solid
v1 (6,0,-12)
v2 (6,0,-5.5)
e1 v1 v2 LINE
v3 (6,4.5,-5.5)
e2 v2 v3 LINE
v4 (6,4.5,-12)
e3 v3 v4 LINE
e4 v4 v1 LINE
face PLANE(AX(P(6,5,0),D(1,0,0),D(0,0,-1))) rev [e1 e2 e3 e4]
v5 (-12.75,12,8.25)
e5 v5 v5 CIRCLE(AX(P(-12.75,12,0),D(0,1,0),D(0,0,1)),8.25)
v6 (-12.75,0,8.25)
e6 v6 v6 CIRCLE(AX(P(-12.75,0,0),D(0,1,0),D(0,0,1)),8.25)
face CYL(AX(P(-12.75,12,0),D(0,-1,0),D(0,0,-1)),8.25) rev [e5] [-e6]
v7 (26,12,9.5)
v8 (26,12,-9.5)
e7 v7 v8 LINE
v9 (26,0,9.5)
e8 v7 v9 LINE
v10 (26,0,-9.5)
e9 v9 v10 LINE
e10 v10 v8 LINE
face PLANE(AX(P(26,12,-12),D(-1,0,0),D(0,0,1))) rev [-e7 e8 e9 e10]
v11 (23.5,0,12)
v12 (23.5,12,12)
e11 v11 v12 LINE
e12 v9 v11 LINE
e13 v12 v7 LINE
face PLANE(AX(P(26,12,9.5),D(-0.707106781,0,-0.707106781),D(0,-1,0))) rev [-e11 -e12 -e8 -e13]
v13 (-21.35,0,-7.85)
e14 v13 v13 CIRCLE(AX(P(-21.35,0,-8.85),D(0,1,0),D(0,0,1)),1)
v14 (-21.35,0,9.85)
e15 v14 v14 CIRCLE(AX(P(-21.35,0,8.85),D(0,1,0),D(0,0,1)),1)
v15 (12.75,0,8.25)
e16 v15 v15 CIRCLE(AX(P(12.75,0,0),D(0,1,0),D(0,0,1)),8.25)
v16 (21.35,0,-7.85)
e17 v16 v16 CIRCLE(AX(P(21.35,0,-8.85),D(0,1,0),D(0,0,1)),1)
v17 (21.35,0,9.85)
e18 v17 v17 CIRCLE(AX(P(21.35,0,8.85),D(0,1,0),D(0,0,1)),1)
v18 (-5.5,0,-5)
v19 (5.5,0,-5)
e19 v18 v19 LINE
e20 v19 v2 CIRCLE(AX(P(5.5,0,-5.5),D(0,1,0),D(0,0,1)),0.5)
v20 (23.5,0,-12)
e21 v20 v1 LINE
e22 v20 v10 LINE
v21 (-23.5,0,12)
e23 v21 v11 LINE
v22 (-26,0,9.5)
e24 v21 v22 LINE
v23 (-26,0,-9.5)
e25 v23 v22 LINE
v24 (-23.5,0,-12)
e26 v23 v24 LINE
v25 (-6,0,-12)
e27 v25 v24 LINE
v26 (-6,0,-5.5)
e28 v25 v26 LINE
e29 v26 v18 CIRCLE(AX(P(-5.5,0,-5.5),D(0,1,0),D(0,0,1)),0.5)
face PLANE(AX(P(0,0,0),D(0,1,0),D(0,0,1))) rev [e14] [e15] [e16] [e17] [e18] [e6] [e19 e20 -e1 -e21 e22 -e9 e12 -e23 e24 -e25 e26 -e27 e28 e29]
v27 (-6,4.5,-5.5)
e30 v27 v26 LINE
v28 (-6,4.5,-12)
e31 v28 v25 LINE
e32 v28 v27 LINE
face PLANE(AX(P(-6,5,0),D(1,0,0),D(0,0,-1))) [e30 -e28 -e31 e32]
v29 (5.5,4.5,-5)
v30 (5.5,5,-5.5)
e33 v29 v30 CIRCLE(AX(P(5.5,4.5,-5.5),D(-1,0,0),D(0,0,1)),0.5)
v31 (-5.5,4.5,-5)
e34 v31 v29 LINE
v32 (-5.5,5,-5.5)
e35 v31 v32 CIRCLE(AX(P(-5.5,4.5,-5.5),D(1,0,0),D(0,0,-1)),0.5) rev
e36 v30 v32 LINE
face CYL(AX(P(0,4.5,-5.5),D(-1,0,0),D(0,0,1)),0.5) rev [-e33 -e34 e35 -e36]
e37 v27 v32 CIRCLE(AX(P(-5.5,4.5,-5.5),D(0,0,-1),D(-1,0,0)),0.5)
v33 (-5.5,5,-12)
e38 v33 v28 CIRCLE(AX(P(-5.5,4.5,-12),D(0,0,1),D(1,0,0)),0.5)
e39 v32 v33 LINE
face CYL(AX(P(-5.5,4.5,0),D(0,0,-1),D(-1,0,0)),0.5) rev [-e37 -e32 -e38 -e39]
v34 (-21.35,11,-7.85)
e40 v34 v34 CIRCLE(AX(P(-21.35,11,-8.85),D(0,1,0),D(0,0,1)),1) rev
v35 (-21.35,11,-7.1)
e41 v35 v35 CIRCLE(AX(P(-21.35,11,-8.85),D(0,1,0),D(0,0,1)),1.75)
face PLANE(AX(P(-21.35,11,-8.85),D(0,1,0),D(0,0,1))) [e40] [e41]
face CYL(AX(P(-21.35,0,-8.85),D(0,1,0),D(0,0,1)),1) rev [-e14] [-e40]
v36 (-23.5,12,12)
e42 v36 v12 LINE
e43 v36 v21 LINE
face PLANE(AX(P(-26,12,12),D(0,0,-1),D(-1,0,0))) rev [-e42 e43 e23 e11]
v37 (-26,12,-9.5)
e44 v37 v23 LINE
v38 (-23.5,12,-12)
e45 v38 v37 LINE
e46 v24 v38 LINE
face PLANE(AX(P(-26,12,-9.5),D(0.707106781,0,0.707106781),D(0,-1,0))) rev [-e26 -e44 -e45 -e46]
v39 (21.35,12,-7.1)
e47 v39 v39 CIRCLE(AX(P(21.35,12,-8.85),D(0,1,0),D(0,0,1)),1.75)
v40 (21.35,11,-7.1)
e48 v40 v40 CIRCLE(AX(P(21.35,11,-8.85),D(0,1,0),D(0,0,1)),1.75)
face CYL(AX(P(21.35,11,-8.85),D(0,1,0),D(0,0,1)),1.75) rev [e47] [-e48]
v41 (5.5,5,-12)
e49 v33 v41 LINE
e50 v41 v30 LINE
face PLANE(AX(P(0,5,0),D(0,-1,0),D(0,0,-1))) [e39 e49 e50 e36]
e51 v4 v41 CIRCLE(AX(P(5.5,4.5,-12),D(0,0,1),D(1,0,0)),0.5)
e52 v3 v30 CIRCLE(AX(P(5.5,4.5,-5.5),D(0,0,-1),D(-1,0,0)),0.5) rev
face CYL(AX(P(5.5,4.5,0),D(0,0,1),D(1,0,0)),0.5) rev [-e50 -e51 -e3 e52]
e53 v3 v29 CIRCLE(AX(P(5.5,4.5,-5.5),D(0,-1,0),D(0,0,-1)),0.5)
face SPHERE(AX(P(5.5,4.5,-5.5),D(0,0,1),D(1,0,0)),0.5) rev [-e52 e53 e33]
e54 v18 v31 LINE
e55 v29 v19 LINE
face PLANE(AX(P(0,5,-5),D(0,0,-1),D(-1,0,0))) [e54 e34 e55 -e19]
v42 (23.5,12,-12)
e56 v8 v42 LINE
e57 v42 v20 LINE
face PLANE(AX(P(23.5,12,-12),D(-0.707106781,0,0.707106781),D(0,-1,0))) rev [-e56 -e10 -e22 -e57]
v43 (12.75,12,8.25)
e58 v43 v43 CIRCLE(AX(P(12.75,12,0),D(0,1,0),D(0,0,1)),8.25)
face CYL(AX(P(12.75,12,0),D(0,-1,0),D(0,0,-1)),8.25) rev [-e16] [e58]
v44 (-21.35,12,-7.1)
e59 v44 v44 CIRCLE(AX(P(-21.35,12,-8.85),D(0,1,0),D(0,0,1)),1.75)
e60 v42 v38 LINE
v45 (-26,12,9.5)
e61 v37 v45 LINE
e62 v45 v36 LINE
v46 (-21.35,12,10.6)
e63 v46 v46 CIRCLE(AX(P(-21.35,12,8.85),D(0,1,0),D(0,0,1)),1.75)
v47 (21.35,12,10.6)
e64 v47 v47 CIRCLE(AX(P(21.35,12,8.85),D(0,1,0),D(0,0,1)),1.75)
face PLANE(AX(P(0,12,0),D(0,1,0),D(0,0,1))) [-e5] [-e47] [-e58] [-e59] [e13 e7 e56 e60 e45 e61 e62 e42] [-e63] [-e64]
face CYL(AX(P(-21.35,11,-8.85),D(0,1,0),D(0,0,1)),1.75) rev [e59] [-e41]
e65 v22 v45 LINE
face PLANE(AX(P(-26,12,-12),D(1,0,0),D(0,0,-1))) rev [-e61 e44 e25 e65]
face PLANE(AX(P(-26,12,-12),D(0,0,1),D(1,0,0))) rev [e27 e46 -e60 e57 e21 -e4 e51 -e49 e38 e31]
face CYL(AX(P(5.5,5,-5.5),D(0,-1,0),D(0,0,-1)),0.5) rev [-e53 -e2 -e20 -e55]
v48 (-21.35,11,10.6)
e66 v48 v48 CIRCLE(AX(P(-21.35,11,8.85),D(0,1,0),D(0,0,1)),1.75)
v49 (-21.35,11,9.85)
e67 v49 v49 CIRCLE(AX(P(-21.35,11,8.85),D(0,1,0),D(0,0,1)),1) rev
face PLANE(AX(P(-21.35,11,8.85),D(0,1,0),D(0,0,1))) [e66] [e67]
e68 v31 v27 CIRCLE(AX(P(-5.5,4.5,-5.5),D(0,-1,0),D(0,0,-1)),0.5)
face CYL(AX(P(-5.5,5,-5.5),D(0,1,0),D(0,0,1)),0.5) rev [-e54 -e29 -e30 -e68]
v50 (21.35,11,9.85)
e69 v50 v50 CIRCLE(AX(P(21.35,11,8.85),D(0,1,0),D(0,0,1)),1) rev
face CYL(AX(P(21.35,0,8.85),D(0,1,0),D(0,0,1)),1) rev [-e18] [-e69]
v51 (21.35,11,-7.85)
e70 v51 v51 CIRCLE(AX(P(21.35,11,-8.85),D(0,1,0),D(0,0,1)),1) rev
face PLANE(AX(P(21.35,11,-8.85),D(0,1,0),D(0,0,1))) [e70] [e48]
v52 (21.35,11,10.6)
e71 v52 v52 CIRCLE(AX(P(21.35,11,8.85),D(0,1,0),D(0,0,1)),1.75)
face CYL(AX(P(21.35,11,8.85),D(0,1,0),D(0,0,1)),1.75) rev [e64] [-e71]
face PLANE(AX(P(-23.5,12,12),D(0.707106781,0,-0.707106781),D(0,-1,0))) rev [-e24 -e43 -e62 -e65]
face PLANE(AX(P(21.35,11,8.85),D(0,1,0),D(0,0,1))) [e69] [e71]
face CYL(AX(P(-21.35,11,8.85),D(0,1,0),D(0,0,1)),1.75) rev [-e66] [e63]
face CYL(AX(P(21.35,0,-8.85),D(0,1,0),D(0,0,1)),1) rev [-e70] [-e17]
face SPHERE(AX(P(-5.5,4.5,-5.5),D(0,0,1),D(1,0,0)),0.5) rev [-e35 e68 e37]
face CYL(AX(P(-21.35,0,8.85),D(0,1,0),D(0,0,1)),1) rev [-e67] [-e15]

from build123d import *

# Parameters (mm, degrees)
SKETCH1_W           = 52
SKETCH1_H           = 24
SKETCH1_R           = 8.25
BOSS_EXTRUDE1_DEPTH = 12
SKETCH2_R           = 1
CUT_EXTRUDE1_DEPTH  = 32.048349393
SKETCH3_R           = 1.75
CUT_EXTRUDE2_DEPTH  = 1
CUT_EXTRUDE3_DEPTH  = 5
FILLET3_R           = 0.5
CHAMFER1_SIZE       = 2.5


with BuildPart() as part:
    # Sketch1 → Boss-Extrude1 (new body)
    with BuildSketch(Plane(origin=(0, 0, 0), x_dir=(1, 0, 0), z_dir=(0, 1, 0))):
        Rectangle(SKETCH1_W, SKETCH1_H)
        with Locations(Location((12.75, 0, 0), (0, 0, 270))):
            Circle(SKETCH1_R, mode=Mode.SUBTRACT)
        with Locations(Location((-12.75, 0, 0), (0, 0, 270))):
            Circle(SKETCH1_R, mode=Mode.SUBTRACT)
    extrude(amount=BOSS_EXTRUDE1_DEPTH)

    # Sketch2 → Cut-Extrude1 (cut, through all)
    with BuildSketch(Plane(origin=(0, 12, 0), x_dir=(1, 0, 0), z_dir=(0, 1, 0))):
        with Locations(Location((-21.35, 8.85, 0), (0, 0, 270))):
            Circle(SKETCH2_R)
        with Locations(Location((21.35, 8.85, 0), (0, 0, 270))):
            Circle(SKETCH2_R)
        with Locations(Location((21.35, -8.85, 0), (0, 0, 270))):
            Circle(SKETCH2_R)
        with Locations(Location((-21.35, -8.85, 0), (0, 0, 270))):
            Circle(SKETCH2_R)
    extrude(amount=-CUT_EXTRUDE1_DEPTH, mode=Mode.SUBTRACT)

    # Sketch3 → Cut-Extrude2 (cut)
    with BuildSketch(Plane(origin=(0, 12, 0), x_dir=(1, 0, 0), z_dir=(0, 1, 0))):
        with Locations(Location((-21.35, 8.85, 0), (0, 0, 270))):
            Circle(SKETCH3_R)
        with Locations(Location((21.35, 8.85, 0), (0, 0, 270))):
            Circle(SKETCH3_R)
        with Locations(Location((21.35, -8.85, 0), (0, 0, 270))):
            Circle(SKETCH3_R)
        with Locations(Location((-21.35, -8.85, 0), (0, 0, 270))):
            Circle(SKETCH3_R)
    extrude(amount=-CUT_EXTRUDE2_DEPTH, mode=Mode.SUBTRACT)

    # Sketch4 → Cut-Extrude3 (cut)
    with BuildSketch(Plane.XZ):
        Polygon((-6, -5), (-6, -12), (6, -12), (6, -5), (0, -5), align=None)
    extrude(amount=-CUT_EXTRUDE3_DEPTH, mode=Mode.SUBTRACT)

    # Fillet3
    fillet3_edges = [part.edges().sort_by_distance(p)[0] for p in [
        (-6, 2.5, -5),
        (6, 5, -8.5),
        (6, 2.5, -5),
        (-6, 5, -8.5),
        (0, 5, -5),
    ]]
    fillet(fillet3_edges, radius=FILLET3_R)

    # Chamfer1
    chamfer1_edges = [part.edges().sort_by_distance(p)[0] for p in [
        (26, 6, 12),
        (-26, 6, 12),
        (-26, 6, -12),
        (26, 6, -12),
    ]]
    chamfer(chamfer1_edges, length=CHAMFER1_SIZE)


solid = part.part
